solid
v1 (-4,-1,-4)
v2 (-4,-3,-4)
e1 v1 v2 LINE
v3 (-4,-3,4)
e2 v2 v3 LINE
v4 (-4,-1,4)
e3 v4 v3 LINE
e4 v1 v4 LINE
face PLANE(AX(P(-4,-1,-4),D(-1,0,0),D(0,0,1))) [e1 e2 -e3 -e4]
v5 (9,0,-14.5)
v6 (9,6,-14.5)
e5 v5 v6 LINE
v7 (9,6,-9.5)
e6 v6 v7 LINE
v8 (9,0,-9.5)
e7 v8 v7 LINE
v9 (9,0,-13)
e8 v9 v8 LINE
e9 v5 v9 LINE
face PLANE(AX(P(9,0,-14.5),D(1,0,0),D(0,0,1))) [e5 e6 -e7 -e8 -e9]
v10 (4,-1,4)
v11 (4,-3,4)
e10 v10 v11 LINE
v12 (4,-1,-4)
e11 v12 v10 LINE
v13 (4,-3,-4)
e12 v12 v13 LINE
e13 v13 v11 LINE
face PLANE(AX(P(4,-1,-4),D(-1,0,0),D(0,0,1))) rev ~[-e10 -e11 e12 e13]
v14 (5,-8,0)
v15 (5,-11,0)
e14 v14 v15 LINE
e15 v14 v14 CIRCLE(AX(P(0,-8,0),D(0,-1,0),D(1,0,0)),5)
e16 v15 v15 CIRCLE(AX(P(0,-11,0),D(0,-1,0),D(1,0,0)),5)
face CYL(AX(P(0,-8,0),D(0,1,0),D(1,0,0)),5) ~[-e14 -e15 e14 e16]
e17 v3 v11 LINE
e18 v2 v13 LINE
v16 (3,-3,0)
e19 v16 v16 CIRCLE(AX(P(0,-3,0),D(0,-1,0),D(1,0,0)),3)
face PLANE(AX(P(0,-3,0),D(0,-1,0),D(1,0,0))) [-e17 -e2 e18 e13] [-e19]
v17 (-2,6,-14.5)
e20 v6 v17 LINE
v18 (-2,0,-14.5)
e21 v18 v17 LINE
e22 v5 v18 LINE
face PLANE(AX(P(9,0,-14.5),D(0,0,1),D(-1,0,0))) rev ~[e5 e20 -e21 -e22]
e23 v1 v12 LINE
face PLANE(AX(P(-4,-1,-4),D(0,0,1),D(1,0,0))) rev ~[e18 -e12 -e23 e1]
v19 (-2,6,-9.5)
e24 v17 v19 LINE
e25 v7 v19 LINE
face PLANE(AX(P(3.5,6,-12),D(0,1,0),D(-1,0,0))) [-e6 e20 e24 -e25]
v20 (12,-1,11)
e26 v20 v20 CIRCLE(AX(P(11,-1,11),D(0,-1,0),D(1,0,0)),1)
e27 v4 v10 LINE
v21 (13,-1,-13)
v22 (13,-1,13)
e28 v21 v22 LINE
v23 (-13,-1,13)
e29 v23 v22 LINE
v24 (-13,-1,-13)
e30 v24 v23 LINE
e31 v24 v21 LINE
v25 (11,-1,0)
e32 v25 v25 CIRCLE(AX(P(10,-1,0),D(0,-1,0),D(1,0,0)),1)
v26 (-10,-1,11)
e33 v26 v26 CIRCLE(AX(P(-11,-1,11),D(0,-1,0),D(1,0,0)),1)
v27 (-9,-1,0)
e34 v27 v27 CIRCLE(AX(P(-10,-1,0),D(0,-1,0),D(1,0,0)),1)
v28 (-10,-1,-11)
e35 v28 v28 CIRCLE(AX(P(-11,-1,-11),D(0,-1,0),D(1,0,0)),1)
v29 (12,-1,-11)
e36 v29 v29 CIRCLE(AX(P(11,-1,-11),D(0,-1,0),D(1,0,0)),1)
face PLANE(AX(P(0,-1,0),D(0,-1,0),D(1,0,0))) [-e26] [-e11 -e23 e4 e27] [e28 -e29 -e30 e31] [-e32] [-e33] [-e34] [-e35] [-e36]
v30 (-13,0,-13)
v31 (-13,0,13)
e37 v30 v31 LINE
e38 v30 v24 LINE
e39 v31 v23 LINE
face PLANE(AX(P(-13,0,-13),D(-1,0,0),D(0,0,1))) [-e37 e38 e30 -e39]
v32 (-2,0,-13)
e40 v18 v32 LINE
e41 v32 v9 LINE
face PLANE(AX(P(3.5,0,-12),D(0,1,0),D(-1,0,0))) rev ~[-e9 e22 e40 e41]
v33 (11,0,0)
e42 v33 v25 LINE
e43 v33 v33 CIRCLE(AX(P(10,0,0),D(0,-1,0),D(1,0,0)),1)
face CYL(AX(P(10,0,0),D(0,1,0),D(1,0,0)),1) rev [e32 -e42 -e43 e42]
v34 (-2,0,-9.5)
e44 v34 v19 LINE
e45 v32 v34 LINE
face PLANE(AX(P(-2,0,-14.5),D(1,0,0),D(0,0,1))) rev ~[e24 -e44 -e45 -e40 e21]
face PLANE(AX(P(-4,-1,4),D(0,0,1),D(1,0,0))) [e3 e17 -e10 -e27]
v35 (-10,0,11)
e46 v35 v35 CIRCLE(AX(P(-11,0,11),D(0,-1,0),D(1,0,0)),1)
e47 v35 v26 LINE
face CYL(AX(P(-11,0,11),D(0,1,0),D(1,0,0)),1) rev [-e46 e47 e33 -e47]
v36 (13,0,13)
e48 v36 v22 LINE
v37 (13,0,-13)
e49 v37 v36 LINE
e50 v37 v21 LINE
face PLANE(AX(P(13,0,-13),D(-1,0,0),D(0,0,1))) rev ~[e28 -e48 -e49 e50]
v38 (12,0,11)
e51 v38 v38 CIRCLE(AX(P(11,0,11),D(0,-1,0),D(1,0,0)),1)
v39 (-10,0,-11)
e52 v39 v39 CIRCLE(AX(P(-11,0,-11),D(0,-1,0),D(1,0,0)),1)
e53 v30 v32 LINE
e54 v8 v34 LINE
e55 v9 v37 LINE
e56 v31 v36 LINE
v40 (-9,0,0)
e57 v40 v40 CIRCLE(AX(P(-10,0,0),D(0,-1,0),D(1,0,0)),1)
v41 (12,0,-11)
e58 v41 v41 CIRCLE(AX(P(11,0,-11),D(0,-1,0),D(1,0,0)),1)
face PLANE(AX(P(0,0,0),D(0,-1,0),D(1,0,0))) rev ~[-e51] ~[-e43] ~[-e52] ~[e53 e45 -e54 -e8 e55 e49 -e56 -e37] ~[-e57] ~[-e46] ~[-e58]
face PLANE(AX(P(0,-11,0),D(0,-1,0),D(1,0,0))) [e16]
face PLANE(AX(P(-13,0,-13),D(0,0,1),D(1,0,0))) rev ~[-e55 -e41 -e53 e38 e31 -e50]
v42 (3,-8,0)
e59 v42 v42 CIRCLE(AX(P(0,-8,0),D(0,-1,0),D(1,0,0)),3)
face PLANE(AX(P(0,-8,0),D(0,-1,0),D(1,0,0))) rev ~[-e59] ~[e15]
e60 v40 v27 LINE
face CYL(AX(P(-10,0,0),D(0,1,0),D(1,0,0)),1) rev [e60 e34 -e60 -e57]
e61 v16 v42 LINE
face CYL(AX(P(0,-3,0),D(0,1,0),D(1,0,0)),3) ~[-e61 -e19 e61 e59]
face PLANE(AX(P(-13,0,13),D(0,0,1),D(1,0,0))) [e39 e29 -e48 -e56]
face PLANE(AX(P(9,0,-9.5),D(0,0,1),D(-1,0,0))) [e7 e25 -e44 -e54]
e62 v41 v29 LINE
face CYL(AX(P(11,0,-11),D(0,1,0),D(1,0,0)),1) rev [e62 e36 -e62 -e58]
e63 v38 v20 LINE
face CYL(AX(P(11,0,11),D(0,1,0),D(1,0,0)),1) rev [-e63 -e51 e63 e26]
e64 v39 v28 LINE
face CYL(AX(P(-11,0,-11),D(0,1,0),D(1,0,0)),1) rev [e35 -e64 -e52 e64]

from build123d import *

# Parameters (mm, degrees)
F0_W     = 26
F0_H     = 26
F0_R     = 1
F1_DEPTH = 1
F2_W     = 11
F2_H     = 5
F3_DEPTH = 6
F4_W     = 8
F4_H     = 8
F5_DEPTH = 2
F6_R     = 3
F7_DEPTH = 5
F8_R     = 5
F9_DEPTH = 3


with BuildPart() as f1:
    # F0 (on Front) → F1 (new body)
    with BuildSketch(Plane.XZ):
        Rectangle(F0_W, F0_H)
        with Locations((-11, -11)):
            Circle(F0_R, mode=Mode.SUBTRACT)
        with Locations((11, -11)):
            Circle(F0_R, mode=Mode.SUBTRACT)
        with Locations((-10, 0)):
            Circle(F0_R, mode=Mode.SUBTRACT)
        with Locations((-11, 11)):
            Circle(F0_R, mode=Mode.SUBTRACT)
        with Locations((10, 0)):
            Circle(F0_R, mode=Mode.SUBTRACT)
        with Locations((11, 11)):
            Circle(F0_R, mode=Mode.SUBTRACT)
    extrude(amount=F1_DEPTH)

    # F2 (on face) → F3 (join)
    with BuildSketch(Plane(origin=(0, 0, 0), x_dir=(-1, 0, 0), z_dir=(0, 1, 0))):
        with Locations((-3.5, -12)):
            Rectangle(F2_W, F2_H)
    extrude(amount=F3_DEPTH)

    # F4 (on face) → F5 (join)
    with BuildSketch(Plane.XZ.offset(1)):
        Rectangle(F4_W, F4_H)
    extrude(amount=F5_DEPTH)

    # F6 (on face) → F7 (join)
    with BuildSketch(Plane.XZ.offset(3)):
        Circle(F6_R)
    extrude(amount=F7_DEPTH)

    # F8 (on face) → F9 (join)
    with BuildSketch(Plane.XZ.offset(8)):
        Circle(F8_R)
    extrude(amount=F9_DEPTH)


solid = f1.part
